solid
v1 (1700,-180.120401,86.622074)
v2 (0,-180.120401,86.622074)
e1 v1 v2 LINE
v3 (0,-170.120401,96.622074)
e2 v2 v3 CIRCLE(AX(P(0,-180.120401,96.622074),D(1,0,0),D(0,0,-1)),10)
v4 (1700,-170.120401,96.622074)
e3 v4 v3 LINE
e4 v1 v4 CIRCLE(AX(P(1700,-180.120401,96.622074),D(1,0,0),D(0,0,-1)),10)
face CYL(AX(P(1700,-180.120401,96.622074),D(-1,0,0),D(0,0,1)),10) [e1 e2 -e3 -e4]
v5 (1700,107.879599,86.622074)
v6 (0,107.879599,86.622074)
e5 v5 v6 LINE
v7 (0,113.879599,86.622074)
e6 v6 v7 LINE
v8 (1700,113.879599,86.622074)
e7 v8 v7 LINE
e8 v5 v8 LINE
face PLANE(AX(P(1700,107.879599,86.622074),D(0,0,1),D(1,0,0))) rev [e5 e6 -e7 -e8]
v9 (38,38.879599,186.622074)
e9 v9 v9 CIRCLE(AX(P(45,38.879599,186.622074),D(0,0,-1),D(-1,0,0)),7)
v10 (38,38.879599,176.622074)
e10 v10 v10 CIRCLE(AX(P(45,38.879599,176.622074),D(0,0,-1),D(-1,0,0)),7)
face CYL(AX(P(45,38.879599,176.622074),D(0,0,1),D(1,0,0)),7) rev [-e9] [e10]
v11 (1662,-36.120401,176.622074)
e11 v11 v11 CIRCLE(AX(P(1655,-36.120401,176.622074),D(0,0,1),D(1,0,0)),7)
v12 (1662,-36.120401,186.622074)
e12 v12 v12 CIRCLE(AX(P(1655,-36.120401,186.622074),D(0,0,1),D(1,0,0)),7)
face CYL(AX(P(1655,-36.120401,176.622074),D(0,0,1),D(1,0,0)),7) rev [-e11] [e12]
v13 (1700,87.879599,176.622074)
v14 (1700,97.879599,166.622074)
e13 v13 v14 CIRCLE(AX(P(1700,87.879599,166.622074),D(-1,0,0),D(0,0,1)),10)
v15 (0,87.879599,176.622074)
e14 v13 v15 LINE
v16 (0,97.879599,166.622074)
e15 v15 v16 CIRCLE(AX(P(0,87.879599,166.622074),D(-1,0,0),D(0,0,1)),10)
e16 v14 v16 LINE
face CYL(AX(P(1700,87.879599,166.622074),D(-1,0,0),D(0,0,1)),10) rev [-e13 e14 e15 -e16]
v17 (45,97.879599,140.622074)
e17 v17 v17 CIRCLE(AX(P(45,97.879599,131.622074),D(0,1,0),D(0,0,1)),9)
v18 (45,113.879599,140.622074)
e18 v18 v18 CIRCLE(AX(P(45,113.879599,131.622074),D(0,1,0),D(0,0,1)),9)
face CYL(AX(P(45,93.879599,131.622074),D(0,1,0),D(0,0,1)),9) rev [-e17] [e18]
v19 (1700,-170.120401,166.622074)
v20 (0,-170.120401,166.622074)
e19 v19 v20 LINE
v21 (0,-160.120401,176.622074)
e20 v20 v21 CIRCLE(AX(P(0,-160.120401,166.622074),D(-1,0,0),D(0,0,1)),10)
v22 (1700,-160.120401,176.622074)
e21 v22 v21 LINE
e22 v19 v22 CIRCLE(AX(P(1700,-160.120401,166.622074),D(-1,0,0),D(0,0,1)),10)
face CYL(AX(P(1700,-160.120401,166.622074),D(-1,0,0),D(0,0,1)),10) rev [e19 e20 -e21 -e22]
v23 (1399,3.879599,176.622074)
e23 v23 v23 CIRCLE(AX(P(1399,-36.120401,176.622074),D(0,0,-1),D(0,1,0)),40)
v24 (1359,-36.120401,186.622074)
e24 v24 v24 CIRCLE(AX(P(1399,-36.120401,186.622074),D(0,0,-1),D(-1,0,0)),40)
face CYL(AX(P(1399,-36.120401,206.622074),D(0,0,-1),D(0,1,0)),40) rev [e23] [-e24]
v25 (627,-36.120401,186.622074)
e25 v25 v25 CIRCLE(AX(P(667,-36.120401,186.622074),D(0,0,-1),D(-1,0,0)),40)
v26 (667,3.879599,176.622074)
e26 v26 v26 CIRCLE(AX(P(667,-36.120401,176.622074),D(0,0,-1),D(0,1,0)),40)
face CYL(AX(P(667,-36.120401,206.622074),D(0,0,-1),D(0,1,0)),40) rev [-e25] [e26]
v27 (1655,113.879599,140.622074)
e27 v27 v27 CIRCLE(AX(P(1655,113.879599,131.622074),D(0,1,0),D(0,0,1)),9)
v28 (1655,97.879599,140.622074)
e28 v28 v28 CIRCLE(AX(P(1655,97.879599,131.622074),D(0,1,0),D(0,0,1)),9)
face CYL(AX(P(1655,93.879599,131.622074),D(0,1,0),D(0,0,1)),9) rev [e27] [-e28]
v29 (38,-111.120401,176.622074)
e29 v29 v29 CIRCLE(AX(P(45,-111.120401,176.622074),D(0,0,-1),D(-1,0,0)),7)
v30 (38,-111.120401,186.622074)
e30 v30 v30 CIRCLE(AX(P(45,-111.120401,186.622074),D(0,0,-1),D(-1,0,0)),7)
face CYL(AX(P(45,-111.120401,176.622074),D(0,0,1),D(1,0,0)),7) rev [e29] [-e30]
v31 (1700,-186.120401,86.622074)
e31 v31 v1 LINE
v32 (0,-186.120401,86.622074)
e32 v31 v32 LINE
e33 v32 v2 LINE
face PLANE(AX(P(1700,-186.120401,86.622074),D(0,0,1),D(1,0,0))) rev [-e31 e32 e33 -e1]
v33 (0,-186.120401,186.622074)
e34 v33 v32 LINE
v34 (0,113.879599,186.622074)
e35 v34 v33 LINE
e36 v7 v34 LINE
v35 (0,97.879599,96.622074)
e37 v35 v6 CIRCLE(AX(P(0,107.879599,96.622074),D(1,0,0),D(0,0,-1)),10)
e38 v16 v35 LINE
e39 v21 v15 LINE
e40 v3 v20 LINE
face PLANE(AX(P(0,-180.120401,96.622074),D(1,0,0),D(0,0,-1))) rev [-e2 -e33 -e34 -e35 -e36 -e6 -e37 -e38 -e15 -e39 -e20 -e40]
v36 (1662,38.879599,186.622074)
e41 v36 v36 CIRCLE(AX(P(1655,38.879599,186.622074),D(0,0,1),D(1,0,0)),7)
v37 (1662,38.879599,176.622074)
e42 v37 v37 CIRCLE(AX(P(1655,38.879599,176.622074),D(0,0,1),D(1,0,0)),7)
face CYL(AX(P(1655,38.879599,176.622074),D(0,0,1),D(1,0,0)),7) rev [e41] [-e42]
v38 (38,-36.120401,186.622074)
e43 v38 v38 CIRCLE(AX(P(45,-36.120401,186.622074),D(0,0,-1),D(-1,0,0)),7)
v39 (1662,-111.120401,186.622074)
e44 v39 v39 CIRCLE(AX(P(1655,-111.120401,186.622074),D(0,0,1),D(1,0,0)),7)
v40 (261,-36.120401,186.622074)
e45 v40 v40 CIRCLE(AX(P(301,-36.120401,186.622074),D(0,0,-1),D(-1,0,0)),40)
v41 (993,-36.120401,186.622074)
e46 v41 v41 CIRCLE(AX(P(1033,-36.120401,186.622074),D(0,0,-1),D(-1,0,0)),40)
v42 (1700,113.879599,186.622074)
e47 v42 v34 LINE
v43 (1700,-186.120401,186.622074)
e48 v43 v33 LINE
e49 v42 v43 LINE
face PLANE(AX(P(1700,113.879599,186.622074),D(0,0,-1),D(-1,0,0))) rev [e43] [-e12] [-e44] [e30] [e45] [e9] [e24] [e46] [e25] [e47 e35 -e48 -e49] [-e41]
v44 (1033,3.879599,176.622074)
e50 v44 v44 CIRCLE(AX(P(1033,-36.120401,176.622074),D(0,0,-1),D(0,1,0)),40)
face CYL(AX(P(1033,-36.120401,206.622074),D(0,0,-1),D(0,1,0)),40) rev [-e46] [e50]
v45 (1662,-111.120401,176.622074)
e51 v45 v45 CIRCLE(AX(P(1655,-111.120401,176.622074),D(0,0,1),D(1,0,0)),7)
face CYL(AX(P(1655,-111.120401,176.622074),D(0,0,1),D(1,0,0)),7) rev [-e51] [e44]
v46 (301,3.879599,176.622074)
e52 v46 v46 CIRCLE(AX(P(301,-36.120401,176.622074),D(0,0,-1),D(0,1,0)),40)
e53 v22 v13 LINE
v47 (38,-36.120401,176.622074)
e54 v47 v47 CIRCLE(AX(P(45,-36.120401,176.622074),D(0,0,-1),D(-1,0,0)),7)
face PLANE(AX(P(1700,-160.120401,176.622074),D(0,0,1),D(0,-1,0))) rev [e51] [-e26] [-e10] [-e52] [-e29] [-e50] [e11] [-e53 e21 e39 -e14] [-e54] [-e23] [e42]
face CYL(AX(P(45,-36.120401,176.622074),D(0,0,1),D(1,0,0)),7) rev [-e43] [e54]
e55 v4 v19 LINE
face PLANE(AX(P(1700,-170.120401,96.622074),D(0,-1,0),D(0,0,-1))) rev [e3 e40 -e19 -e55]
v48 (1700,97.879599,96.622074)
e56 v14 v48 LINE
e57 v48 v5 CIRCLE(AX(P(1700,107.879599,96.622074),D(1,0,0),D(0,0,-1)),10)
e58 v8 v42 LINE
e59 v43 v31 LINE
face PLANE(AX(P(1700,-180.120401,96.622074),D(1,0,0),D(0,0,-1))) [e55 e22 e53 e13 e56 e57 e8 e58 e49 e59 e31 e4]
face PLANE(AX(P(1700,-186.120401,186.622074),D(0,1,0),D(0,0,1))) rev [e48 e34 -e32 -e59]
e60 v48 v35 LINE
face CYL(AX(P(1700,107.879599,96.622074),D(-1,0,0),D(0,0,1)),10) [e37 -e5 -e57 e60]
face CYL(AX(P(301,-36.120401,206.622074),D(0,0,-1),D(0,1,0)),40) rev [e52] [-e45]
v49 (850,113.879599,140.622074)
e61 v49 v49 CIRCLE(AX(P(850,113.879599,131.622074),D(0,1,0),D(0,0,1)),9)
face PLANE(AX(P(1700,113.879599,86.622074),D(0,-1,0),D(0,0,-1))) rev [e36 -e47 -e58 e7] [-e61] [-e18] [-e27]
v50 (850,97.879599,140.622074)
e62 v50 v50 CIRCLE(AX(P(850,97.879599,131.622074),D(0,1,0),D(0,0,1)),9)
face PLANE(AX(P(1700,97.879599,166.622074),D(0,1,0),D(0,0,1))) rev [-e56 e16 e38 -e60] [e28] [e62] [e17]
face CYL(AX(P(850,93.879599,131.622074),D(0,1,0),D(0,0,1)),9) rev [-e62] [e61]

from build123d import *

# Parameters (mm, degrees)
BOSS_EXTRUDE1_DEPTH = 1700
SKETCH3_R           = 7
CUT_EXTRUDE1_DEPTH  = 10
SKETCH4_R           = 9
CUT_EXTRUDE2_DEPTH  = 20
LPATTERN1_COUNT     = 3
LPATTERN1_PITCH     = 805
SKETCH5_R           = 40
CUT_EXTRUDE3_DEPTH  = 30
LPATTERN2_COUNT     = 4
LPATTERN2_PITCH     = 366


with BuildPart() as part:
    # Sketch1 → Boss-Extrude1 (new body)
    with BuildSketch(Plane(origin=(0, 0, 0), x_dir=(0, 0, -1), z_dir=(1, 0, 0))):
        with BuildLine():
            Line((-86.622073579, 113.879598662), (-186.622073579, 113.879598662))
            Line((-186.622073579, 113.879598662), (-186.622073579, -186.120401338))
            Line((-186.622073579, -186.120401338), (-86.622073579, -186.120401338))
            Line((-86.622073579, -186.120401338), (-86.622073579, -180.120401338))
            ThreePointArc((-86.622073579, -180.120401338), (-89.551005767, -173.049333526), (-96.622073579, -170.120401338))
            Line((-96.622073579, -170.120401338), (-166.622073579, -170.120401338))
            ThreePointArc((-166.622073579, -170.120401338), (-173.69314139, -167.19146915), (-176.622073579, -160.120401338))
            Line((-176.622073579, -160.120401338), (-176.622073579, 87.879598662))
            ThreePointArc((-176.622073579, 87.879598662), (-173.69314139, 94.950666474), (-166.622073579, 97.879598662))
            Line((-166.622073579, 97.879598662), (-96.622073579, 97.879598662))
            ThreePointArc((-96.622073579, 97.879598662), (-89.551005767, 100.80853085), (-86.622073579, 107.879598662))
            Line((-86.622073579, 107.879598662), (-86.622073579, 113.879598662))
        make_face()
    extrude(amount=BOSS_EXTRUDE1_DEPTH)

    # Sketch3 → Cut-Extrude1 (cut)
    with BuildSketch(Plane.XY.offset(186.622073579)):
        with Locations((1655, 38.879598662)):
            Circle(SKETCH3_R)
        with Locations((1655, -36.120401338)):
            Circle(SKETCH3_R)
        with Locations((1655, -111.120401338)):
            Circle(SKETCH3_R)
    cut_extrude1 = extrude(amount=-CUT_EXTRUDE1_DEPTH, mode=Mode.SUBTRACT)

    # Mirror1: Cut-Extrude1 across plane
    add(cut_extrude1.mirror(Plane(origin=(850, 0, 0), x_dir=(0, 0, 1), z_dir=(1, 0, 0))), mode=Mode.SUBTRACT)

    # Sketch4 → Cut-Extrude2 (cut)
    with BuildSketch(Plane(origin=(0, 113.879598662, 0), x_dir=(1, 0, 0), z_dir=(0, 1, 0))):
        with Locations(Location((45, -131.622073579, 0), (0, 0, 270))):
            Circle(SKETCH4_R)
    cut_extrude2 = extrude(amount=-CUT_EXTRUDE2_DEPTH, mode=Mode.SUBTRACT)

    # LPattern1: Cut-Extrude2 ×3
    with Locations(*[(i * LPATTERN1_PITCH, 0, 0) for i in range(1, LPATTERN1_COUNT)]):
        add(cut_extrude2, mode=Mode.SUBTRACT)

    # Sketch5 → Cut-Extrude3 (cut)
    with BuildSketch(Plane(origin=(0, 0, 176.622073579), x_dir=(-1, 0, 0), z_dir=(0, 0, -1))):
        with Locations(Location((-1399, -36.120401338, 0), (0, 0, 90))):
            Circle(SKETCH5_R)
    cut_extrude3 = extrude(amount=-CUT_EXTRUDE3_DEPTH, mode=Mode.SUBTRACT)

    # LPattern2: Cut-Extrude3 ×4
    with Locations(*[(-i * LPATTERN2_PITCH, 0, 0) for i in range(1, LPATTERN2_COUNT)]):
        add(cut_extrude3, mode=Mode.SUBTRACT)


solid = part.part
